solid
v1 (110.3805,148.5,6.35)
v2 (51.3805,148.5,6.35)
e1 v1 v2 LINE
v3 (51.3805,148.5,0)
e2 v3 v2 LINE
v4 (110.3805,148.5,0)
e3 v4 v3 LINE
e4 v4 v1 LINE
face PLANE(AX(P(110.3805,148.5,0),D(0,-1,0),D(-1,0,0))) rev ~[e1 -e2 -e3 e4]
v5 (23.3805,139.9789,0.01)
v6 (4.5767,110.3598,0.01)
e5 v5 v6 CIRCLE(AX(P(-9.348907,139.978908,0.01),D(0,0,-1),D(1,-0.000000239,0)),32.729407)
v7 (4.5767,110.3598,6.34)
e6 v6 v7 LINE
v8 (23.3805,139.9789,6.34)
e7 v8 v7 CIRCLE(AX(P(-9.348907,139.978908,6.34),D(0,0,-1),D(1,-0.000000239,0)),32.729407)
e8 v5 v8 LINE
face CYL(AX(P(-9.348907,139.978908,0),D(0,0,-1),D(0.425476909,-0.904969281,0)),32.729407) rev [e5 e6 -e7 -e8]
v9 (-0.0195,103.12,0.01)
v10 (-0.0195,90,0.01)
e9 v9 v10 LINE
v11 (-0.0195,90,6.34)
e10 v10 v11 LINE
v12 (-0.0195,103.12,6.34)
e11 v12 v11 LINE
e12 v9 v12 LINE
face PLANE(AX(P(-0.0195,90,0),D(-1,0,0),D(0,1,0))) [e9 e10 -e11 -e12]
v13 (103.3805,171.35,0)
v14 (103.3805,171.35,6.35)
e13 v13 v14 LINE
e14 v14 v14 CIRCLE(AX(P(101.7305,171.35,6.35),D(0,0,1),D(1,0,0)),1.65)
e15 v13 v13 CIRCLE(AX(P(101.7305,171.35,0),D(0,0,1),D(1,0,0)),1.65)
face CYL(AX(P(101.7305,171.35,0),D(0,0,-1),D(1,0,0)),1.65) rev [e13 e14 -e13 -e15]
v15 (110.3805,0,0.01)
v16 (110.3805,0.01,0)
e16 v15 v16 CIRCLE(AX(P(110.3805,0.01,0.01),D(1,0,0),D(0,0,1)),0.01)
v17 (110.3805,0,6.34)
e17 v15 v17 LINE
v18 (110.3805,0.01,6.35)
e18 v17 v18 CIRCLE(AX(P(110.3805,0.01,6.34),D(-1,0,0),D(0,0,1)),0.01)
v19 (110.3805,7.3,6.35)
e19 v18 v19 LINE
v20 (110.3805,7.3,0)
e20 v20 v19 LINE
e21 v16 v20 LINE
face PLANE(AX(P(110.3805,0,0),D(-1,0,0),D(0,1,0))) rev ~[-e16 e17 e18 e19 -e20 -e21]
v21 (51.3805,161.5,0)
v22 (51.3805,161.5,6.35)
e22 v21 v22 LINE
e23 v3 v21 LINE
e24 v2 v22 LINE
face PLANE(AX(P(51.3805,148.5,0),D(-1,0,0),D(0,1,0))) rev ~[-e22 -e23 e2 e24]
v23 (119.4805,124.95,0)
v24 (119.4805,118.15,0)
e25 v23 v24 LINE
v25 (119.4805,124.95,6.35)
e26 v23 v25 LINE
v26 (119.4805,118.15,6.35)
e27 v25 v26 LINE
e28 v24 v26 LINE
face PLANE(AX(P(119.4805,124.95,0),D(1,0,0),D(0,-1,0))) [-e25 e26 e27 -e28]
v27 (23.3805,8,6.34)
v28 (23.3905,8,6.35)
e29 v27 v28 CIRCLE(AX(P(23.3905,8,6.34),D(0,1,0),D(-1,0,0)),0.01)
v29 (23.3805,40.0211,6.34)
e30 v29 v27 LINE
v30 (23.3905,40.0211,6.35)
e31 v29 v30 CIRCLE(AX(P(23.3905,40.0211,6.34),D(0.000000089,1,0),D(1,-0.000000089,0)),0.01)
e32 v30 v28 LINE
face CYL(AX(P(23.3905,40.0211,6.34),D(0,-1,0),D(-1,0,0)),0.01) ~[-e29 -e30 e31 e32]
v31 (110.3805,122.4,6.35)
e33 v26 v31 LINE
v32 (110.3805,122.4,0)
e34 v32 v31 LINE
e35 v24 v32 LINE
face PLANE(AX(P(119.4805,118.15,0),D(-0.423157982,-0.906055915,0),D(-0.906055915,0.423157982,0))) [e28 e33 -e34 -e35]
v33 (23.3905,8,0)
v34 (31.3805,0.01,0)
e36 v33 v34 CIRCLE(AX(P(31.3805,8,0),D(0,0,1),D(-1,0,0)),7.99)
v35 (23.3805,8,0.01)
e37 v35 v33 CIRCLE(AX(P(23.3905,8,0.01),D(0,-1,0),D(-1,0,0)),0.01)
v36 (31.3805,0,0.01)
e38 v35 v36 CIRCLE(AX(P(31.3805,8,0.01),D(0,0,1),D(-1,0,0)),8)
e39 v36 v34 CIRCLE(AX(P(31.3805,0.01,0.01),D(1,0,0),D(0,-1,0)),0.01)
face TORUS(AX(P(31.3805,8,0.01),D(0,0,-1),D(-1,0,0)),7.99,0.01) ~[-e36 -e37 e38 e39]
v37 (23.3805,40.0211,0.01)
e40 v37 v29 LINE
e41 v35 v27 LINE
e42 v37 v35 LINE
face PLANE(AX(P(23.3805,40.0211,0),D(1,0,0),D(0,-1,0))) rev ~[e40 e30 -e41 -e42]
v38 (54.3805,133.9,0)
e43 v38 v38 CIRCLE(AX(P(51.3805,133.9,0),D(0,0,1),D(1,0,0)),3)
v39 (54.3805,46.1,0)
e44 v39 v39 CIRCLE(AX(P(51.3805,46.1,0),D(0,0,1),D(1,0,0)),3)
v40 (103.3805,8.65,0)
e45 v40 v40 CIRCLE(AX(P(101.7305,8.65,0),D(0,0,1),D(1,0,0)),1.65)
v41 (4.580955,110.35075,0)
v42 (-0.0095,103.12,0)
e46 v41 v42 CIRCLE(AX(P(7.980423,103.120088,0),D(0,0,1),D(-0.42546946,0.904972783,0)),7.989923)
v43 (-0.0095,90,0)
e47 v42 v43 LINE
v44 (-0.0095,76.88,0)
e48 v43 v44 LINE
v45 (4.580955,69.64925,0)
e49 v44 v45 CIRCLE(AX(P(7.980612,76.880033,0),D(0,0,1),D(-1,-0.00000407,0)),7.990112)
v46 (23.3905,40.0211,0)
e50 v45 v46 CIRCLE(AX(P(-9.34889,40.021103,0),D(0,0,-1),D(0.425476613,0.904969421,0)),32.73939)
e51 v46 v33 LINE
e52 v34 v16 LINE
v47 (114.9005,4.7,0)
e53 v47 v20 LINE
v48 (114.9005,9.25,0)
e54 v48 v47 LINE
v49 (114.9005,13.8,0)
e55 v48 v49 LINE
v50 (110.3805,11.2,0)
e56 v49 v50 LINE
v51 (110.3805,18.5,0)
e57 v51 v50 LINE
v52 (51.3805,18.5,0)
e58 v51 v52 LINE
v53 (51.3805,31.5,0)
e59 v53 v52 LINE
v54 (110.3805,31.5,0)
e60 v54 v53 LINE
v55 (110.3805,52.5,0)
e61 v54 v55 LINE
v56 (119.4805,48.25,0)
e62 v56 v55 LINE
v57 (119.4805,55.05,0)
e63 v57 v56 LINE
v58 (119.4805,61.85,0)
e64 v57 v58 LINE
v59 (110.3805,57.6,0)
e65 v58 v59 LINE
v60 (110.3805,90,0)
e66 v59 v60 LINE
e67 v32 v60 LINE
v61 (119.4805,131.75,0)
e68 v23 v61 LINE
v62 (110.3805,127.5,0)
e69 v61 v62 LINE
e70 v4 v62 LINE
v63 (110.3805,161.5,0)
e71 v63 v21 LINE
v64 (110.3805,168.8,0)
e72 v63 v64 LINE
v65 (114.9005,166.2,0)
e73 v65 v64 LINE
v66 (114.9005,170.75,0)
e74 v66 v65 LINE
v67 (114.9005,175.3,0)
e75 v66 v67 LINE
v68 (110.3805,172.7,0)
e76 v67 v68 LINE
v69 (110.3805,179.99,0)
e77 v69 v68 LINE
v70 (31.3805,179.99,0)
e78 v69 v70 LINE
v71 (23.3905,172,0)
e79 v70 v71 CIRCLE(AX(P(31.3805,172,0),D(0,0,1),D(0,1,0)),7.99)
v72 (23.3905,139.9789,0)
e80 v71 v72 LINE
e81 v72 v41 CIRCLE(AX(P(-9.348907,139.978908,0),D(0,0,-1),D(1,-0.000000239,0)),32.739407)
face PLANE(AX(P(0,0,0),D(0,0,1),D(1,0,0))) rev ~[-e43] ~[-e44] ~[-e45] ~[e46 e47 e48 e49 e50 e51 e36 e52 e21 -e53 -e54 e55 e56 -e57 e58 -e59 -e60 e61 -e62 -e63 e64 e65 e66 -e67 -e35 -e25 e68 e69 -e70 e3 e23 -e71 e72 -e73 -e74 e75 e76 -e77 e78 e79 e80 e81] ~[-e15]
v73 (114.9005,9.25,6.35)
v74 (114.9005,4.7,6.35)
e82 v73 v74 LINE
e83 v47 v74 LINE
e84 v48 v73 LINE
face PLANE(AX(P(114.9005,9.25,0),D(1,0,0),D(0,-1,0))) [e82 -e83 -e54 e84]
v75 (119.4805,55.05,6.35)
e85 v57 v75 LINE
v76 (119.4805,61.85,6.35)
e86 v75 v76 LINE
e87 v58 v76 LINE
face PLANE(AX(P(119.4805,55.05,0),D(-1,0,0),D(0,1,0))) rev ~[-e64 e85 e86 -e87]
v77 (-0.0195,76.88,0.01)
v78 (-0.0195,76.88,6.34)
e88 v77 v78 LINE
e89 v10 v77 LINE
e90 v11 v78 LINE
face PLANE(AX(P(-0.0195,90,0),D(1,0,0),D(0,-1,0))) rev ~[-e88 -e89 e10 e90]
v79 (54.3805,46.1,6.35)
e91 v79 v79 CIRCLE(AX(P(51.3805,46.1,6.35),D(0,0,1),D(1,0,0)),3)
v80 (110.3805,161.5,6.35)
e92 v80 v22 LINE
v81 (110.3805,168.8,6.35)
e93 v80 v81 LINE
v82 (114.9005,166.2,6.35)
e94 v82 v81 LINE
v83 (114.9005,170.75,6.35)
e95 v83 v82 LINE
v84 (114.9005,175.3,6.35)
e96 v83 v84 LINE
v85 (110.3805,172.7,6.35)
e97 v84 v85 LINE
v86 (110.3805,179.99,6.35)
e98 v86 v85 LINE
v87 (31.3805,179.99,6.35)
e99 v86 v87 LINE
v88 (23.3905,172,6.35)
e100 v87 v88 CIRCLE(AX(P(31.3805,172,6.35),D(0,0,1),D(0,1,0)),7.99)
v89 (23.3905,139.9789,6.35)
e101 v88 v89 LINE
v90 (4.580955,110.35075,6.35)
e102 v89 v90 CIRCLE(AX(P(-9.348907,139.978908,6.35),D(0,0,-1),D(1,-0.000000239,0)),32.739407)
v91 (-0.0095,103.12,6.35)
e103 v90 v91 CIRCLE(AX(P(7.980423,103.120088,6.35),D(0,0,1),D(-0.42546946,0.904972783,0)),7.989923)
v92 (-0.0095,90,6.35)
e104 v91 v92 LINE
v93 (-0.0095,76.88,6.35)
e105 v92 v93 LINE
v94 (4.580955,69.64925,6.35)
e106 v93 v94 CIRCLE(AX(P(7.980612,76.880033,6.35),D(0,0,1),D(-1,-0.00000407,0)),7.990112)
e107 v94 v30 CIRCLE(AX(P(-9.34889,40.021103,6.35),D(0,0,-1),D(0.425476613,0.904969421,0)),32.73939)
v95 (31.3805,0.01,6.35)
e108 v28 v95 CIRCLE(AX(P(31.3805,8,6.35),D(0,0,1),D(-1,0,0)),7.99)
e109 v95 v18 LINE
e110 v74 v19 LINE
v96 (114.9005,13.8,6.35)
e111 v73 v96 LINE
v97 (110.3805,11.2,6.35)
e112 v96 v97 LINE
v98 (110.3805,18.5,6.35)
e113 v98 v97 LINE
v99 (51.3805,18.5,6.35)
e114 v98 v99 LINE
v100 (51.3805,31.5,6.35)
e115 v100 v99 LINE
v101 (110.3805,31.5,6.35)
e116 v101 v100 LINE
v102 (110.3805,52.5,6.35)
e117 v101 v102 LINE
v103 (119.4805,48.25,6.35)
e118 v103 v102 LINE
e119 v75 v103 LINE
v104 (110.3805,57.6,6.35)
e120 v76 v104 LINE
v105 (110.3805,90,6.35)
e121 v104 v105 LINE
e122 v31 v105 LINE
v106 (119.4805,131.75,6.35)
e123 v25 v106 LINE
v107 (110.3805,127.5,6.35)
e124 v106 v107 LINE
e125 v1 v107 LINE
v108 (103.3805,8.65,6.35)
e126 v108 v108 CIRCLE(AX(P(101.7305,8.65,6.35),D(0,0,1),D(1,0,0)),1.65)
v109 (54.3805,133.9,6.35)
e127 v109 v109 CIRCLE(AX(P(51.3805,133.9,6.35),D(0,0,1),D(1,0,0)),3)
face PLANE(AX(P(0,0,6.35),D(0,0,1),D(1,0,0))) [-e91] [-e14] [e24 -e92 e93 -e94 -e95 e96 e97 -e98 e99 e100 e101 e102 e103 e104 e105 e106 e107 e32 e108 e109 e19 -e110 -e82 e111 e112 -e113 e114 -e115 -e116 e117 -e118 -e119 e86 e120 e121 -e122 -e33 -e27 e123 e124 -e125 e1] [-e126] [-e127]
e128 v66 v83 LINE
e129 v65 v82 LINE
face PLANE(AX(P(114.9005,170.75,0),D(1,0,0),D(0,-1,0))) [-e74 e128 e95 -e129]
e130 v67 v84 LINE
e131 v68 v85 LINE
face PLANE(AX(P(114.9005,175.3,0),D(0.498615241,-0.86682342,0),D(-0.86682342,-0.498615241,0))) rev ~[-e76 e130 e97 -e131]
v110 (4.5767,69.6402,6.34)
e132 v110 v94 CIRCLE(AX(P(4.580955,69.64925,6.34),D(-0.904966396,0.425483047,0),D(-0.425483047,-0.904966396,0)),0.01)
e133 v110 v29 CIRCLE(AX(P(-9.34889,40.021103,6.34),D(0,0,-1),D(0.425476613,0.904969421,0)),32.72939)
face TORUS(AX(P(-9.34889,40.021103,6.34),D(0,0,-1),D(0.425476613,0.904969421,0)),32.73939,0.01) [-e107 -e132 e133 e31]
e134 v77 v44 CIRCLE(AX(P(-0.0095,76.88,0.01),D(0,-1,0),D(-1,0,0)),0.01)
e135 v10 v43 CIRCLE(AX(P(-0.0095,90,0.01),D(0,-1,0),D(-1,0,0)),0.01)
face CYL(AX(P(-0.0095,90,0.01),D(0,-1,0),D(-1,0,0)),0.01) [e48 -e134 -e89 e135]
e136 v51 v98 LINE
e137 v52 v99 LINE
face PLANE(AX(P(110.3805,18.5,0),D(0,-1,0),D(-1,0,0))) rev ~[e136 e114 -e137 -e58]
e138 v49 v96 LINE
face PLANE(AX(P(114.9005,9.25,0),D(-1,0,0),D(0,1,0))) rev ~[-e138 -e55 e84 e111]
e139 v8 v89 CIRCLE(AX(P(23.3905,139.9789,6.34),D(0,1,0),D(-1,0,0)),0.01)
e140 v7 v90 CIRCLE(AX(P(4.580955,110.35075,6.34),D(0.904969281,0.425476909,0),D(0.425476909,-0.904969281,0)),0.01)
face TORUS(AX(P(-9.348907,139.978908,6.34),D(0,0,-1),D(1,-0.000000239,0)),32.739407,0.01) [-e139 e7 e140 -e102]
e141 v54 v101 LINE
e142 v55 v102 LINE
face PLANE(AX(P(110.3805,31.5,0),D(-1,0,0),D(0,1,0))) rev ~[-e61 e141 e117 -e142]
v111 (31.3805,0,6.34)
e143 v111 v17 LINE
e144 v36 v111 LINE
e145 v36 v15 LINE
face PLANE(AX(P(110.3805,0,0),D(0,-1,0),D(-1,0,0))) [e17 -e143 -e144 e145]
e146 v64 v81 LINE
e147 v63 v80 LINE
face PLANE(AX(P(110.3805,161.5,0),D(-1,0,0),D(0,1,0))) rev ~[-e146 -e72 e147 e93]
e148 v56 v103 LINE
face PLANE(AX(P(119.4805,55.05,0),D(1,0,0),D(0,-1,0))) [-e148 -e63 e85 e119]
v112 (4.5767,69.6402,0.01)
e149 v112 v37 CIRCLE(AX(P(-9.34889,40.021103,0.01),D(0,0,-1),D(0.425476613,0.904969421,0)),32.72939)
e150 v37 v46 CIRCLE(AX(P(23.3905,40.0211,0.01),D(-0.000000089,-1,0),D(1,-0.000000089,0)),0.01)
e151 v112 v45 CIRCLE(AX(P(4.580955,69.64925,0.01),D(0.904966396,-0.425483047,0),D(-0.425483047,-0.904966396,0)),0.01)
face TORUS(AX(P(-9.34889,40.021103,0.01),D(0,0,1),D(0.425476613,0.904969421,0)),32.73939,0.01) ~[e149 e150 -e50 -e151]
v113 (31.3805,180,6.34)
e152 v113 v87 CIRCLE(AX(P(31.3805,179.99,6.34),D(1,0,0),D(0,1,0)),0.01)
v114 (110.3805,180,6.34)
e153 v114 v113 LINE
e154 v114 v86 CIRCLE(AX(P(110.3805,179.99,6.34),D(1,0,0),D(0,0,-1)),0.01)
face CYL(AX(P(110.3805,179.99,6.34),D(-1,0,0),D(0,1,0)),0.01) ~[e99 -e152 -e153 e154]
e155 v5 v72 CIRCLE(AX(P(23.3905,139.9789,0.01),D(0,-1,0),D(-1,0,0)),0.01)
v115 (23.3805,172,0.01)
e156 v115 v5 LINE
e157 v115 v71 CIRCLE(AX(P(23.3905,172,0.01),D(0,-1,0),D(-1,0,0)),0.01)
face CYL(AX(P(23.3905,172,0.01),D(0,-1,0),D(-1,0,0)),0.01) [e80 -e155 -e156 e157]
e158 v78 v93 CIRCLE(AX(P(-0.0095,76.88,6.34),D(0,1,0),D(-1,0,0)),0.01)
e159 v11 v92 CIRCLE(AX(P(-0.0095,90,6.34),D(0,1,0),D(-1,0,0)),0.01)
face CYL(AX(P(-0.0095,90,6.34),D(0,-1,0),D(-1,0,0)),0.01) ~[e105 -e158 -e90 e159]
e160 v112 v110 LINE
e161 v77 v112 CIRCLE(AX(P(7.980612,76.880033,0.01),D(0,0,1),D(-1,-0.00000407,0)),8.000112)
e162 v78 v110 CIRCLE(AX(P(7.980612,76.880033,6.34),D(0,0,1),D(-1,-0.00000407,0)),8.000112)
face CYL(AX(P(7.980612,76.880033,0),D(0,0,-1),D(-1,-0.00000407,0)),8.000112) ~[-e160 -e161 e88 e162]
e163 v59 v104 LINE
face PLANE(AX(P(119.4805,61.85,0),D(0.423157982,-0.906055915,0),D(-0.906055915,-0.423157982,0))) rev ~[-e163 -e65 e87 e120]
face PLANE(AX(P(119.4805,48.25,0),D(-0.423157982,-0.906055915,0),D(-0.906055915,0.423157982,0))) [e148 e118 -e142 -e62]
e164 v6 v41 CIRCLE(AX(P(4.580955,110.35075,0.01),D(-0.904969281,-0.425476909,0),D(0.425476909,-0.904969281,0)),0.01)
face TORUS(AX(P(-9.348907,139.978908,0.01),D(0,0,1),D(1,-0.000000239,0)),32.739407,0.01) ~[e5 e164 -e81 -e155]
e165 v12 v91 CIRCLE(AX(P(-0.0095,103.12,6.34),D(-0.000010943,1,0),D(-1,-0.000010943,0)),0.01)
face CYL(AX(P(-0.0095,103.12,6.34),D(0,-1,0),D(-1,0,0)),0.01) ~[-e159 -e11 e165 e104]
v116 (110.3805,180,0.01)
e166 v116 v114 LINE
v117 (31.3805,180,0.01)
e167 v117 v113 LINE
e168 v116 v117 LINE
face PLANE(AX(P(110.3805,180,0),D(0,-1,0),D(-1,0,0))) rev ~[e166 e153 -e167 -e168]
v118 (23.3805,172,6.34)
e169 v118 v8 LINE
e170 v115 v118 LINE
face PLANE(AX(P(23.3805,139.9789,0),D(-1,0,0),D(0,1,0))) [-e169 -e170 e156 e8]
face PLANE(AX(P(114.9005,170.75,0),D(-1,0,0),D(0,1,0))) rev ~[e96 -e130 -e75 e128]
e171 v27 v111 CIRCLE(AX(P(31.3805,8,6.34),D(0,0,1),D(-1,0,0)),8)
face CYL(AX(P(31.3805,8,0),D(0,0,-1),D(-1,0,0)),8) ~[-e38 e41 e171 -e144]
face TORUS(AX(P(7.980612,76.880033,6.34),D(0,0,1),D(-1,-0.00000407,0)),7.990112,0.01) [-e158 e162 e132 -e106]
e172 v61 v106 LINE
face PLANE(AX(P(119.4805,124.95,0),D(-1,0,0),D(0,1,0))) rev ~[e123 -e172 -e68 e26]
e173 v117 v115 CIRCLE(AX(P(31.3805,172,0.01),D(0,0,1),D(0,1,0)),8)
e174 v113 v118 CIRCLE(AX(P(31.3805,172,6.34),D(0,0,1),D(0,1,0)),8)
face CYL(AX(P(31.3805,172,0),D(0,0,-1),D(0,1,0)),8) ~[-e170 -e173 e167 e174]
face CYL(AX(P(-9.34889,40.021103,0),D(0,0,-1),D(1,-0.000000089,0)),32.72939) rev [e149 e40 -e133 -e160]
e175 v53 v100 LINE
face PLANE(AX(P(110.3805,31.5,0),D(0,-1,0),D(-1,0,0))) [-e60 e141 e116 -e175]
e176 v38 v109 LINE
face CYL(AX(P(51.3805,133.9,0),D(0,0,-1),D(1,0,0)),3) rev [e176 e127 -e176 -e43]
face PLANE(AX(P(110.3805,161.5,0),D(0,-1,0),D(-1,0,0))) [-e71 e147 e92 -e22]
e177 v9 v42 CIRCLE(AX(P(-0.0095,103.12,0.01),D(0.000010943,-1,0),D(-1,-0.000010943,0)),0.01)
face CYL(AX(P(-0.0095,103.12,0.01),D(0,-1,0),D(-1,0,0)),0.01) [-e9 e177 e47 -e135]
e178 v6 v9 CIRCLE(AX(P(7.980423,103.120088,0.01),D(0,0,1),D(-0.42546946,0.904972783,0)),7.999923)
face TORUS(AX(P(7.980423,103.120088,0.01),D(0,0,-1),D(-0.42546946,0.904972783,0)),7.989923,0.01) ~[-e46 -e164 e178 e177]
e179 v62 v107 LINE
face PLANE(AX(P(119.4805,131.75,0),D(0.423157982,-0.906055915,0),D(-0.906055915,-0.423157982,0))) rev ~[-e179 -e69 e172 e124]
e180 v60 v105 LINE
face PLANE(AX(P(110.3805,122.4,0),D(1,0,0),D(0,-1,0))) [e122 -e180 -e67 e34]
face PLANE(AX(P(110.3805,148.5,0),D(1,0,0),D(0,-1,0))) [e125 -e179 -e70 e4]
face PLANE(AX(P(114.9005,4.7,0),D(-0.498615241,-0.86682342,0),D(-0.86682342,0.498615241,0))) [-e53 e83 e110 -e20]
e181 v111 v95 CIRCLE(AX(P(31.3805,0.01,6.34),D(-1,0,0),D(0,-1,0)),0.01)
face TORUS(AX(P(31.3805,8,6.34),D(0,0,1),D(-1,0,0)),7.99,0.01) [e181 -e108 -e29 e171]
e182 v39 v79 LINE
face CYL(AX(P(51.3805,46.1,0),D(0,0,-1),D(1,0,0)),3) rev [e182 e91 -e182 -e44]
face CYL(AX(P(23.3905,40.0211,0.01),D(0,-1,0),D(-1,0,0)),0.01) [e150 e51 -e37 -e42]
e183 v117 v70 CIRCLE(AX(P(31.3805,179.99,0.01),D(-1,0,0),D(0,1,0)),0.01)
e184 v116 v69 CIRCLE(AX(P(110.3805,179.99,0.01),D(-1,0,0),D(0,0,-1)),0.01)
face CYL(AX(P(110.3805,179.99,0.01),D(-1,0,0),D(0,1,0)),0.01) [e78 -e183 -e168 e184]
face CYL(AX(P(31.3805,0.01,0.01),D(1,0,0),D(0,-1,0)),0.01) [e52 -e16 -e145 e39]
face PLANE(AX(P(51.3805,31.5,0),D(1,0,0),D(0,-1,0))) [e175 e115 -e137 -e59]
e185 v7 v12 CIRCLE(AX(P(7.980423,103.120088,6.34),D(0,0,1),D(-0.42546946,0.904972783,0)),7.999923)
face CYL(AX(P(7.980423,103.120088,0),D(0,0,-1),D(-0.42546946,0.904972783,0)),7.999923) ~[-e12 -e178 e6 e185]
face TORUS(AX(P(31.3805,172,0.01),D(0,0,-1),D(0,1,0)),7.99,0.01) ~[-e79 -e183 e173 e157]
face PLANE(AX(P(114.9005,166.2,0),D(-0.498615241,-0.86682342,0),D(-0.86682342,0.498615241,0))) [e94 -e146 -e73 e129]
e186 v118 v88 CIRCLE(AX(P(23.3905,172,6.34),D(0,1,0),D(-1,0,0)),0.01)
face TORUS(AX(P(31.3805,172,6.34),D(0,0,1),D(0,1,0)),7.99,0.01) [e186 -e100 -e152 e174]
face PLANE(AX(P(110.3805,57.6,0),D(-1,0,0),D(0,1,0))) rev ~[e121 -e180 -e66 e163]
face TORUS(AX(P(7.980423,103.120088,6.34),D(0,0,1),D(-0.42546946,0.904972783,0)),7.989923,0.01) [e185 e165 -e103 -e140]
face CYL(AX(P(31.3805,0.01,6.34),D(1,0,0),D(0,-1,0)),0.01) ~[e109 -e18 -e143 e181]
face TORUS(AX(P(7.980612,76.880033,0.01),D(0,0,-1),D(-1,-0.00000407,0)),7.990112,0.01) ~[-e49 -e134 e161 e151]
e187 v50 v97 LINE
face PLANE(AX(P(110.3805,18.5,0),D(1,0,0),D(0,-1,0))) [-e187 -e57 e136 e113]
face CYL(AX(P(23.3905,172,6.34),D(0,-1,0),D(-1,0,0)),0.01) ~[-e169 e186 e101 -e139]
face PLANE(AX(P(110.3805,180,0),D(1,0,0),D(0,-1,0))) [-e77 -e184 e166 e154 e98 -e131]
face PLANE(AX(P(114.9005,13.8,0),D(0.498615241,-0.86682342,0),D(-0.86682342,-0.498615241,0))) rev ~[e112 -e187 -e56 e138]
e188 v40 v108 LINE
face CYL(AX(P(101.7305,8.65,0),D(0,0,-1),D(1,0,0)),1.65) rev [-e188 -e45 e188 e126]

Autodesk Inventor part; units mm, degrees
ref_plane "YZ Plane" through (0, 0, 0) normal (1, 0, 0) x (0, 1, 0)
ref_plane "XZ Plane" through (0, 0, 0) normal (0, 1, 0) x (-1, 0, 0)
ref_plane "XY Plane" through (0, 0, 0) normal (0, 0, 1) x (1, 0, 0)
sketch "Boceto1" plane through (0, 0, 0) normal (0, 0, 1) x (1, 0, 0)
  line L0 (110.3805, 180) -> (110.3805, 172.7)
  line L1 (110.3805, 161.5) -> (110.3805, 168.8)
  line L2 (114.9005, 170.75) -> (114.9005, 175.3)
  line L3 (114.9005, 175.3) -> (110.3805, 172.7)
  line L4 (114.9005, 170.75) -> (114.9005, 166.2)
  line L5 (114.9005, 166.2) -> (110.3805, 168.8)
  line L6 (110.3805, 148.5) -> (110.3805, 127.5)
  line L7 (119.4805, 124.95) -> (119.4805, 131.75)
  line L8 (119.4805, 131.75) -> (110.3805, 127.5)
  line L9 (119.4805, 124.95) -> (119.4805, 118.15)
  line L10 (119.4805, 118.15) -> (110.3805, 122.4)
  line L11 (110.3805, 122.4) -> (110.3805, 90)
  line L12 (110.3805, 161.5) -> (51.3805, 161.5)
  line L13 (110.3805, 148.5) -> (51.3805, 148.5)
  line L14 (51.3805, 148.5) -> (51.3805, 161.5)
  line L15 (110.3805, 180) -> (31.3805, 180)
  line L16 (-0.0195, 90) -> (-0.0195, 103.12)
  arc A0 (4.5767, 110.3598) -> (-0.0195, 103.12) centre (7.9805, 103.12) ccw
  arc A1 (31.3805, 180) -> (23.3805, 172) centre (31.3805, 172) ccw
  arc A2 (4.5767, 110.3598) -> (23.3805, 139.9789) centre (-9.3489, 139.9789) ccw
  line L17 (23.3805, 139.9789) -> (23.3805, 172)
  circle A3 centre (101.7305, 171.35) radius 1.65
  circle A4 centre (51.3805, 133.9) radius 3
  line L18 (110.3805, 0) -> (110.3805, 7.3)
  line L19 (110.3805, 18.5) -> (110.3805, 11.2)
  line L20 (114.9005, 9.25) -> (114.9005, 4.7)
  line L21 (114.9005, 4.7) -> (110.3805, 7.3)
  line L22 (114.9005, 9.25) -> (114.9005, 13.8)
  line L23 (114.9005, 13.8) -> (110.3805, 11.2)
  line L24 (110.3805, 31.5) -> (110.3805, 52.5)
  line L25 (119.4805, 55.05) -> (119.4805, 48.25)
  line L26 (119.4805, 48.25) -> (110.3805, 52.5)
  line L27 (119.4805, 55.05) -> (119.4805, 61.85)
  line L28 (119.4805, 61.85) -> (110.3805, 57.6)
  line L29 (110.3805, 57.6) -> (110.3805, 90)
  line L30 (110.3805, 18.5) -> (51.3805, 18.5)
  line L31 (110.3805, 31.5) -> (51.3805, 31.5)
  line L32 (51.3805, 31.5) -> (51.3805, 18.5)
  line L33 (110.3805, 0) -> (31.3805, 0)
  line L34 (-0.0195, 90) -> (-0.0195, 76.88)
  arc A5 (-0.0195, 76.88) -> (4.5767, 69.6402) centre (7.9805, 76.88) ccw
  arc A6 (23.3805, 8) -> (31.3805, 0) centre (31.3805, 8) ccw
  arc A7 (23.3805, 40.0211) -> (4.5767, 69.6402) centre (-9.3489, 40.0211) ccw
  line L35 (23.3805, 40.0211) -> (23.3805, 8)
  circle A8 centre (101.7305, 8.65) radius 1.65
  circle A9 centre (51.3805, 46.1) radius 3
  point P0 (0, 0)
extrude "Extrusión1" add sketch "Boceto1" along normal blind 6.35
fillet "Empalme1" radius 0.01 22 edges at (25.7236, 177.6569, 6.35) (23.3805, 155.9894, 6.35) (18.2825, 122.437, 6.35) (1.2266, 107.4077, 6.35) (-0.0195, 96.56, 6.35) (1.2266, 72.5923, 6.35) (18.2825, 57.563, 6.35) (23.3805, 24.0106, 6.35) (25.7236, 2.3431, 6.35) (70.8805, 0, 6.35) (70.8805, 180, 6.35) (25.7236, 177.6569, 0) (23.3805, 155.9894, 0) (18.2825, 122.437, 0) (1.2266, 107.4077, 0) (-0.0195, 96.56, 0) (1.2266, 72.5923, 0) (18.2825, 57.563, 0) (23.3805, 24.0106, 0) (25.7236, 2.3431, 0) (70.8805, 0, 0) (70.8805, 180, 0)
properties part number "platform_deck_v3_3"
